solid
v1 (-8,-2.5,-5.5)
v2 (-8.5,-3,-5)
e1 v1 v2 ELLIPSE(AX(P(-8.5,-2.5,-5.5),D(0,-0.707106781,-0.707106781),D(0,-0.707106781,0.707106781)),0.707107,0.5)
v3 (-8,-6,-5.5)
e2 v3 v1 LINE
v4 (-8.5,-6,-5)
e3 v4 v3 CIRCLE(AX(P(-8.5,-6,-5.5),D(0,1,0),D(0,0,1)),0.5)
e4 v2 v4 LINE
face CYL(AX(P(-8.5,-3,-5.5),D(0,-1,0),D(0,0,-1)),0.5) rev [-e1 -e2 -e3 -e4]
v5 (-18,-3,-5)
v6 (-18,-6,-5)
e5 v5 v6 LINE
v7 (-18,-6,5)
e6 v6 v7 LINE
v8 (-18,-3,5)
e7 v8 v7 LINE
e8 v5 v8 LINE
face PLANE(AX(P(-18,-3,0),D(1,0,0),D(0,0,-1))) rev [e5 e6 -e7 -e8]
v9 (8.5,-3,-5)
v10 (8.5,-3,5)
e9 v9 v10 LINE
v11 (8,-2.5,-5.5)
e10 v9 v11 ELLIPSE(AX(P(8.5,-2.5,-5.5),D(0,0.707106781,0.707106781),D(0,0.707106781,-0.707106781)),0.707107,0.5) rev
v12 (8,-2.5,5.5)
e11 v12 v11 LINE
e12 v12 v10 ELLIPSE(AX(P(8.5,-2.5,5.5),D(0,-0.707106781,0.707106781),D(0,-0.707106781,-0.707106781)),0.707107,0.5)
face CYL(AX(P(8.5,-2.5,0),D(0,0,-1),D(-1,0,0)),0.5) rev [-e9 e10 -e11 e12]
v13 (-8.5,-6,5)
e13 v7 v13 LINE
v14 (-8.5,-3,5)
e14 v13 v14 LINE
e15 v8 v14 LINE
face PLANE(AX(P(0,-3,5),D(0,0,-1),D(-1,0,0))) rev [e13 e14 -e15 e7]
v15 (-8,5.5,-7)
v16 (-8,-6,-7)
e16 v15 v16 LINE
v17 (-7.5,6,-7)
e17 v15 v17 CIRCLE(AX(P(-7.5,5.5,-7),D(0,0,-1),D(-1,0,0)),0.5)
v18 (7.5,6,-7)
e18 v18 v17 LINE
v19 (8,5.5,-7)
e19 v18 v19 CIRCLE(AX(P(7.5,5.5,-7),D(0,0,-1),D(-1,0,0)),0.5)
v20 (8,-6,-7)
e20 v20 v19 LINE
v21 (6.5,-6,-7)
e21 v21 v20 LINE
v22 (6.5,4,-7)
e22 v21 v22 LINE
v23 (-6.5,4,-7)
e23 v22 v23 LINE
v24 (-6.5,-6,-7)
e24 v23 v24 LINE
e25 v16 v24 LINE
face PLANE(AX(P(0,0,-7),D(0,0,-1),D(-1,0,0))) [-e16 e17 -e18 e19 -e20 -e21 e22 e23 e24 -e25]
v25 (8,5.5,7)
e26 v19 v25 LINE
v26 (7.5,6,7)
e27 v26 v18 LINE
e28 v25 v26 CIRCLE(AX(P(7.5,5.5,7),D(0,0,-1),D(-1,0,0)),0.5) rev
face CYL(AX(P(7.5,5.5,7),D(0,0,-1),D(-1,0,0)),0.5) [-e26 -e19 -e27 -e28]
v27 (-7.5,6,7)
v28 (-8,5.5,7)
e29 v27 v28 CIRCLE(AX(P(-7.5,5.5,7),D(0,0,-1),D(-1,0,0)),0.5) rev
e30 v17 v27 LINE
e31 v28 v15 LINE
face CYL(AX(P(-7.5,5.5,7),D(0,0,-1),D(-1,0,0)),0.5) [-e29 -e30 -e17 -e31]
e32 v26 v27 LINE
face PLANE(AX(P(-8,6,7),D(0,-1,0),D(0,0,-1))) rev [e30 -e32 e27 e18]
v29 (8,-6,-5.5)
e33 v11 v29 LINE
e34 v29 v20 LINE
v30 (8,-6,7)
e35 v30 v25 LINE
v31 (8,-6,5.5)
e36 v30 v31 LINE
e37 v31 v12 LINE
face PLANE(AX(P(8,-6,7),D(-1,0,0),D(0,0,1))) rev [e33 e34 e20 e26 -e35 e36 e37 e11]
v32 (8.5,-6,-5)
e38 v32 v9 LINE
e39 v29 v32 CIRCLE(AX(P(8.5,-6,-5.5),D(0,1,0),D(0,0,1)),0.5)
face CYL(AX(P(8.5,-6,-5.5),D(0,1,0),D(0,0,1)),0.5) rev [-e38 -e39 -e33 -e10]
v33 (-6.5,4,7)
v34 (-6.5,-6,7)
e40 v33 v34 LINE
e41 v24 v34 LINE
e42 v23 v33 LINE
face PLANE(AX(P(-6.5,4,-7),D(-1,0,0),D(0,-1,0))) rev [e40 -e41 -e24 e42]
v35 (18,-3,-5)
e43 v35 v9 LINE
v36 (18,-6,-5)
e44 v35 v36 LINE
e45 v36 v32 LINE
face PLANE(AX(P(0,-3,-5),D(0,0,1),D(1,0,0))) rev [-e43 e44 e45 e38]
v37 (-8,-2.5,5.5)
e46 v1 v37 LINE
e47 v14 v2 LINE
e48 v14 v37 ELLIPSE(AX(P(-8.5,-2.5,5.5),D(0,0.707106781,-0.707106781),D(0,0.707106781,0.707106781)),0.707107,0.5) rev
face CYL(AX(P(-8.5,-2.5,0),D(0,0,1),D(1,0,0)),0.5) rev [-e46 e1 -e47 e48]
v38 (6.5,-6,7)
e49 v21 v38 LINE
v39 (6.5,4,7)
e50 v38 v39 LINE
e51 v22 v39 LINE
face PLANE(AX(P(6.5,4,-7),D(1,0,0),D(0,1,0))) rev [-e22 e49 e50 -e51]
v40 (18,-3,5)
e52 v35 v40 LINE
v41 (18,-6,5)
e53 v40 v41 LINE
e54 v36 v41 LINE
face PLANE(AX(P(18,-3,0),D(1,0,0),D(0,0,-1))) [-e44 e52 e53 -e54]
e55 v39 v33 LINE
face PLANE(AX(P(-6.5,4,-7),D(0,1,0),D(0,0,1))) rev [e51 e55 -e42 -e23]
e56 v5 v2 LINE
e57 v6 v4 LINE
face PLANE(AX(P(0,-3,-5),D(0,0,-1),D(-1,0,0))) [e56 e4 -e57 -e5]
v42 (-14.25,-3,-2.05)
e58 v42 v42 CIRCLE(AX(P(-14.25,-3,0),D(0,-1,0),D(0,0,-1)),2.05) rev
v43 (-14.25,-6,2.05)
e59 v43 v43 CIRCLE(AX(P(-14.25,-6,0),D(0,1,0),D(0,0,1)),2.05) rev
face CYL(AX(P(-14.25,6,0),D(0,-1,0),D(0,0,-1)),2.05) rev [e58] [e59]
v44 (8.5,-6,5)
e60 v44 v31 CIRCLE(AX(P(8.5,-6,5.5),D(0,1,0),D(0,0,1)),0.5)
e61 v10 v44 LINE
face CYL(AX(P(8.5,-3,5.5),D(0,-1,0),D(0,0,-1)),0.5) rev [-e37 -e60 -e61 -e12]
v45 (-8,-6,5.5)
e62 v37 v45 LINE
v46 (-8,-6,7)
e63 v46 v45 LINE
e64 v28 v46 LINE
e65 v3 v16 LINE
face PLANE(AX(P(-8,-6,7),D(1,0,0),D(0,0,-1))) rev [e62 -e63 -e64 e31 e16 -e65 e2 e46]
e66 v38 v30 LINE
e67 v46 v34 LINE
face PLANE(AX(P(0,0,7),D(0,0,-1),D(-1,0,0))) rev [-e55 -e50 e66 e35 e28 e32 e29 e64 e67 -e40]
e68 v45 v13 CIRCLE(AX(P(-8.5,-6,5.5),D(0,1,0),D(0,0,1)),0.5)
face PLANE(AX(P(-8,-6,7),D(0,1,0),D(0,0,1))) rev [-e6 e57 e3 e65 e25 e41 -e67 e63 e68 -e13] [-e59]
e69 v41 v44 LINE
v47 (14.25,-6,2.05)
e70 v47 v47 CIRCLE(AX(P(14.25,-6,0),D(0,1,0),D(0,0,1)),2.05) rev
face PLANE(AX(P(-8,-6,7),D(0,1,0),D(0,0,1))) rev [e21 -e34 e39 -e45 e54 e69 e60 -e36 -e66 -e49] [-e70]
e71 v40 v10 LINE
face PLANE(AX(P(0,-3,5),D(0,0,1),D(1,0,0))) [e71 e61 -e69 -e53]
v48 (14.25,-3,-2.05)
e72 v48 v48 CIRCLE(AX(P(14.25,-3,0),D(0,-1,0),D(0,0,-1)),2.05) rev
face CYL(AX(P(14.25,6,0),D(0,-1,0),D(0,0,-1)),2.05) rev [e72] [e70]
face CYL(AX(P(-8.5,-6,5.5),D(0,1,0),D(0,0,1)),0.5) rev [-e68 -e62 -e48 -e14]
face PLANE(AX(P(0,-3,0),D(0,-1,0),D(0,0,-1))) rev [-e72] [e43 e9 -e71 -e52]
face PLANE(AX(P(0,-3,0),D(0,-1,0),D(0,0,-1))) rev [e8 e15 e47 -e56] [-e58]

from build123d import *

# Parameters (mm, degrees)
SKETCH1_W               = 16
SKETCH1_H               = 12
BOSS_EXTRUDE1_DEPTH     = 7
SKETCH2_W               = 13
SKETCH2_H               = 10
CUT_EXTRUDE1_DEPTH      = 18.204650534
SKETCH6_W               = 10
SKETCH6_H               = 10
BOSS_EXTRUDE2_DEPTH     = 3
FILLET1_R               = 0.5
CUT_EXTRUDE2_DEPTH      = 22.307275753
CUT_EXTRUDE2_DEPTH_BACK = 10
SKETCH9_R               = 2.05


with BuildPart() as part:
    # Sketch1 → Boss-Extrude1 (new, symmetric)
    with BuildSketch(Plane.XY):
        Rectangle(SKETCH1_W, SKETCH1_H)
    extrude(amount=BOSS_EXTRUDE1_DEPTH, both=True)

    # Sketch2 → Cut-Extrude1 (cut, through all)
    with BuildSketch(Plane.XY.offset(7)):
        with Locations((0, -1)):
            Rectangle(SKETCH2_W, SKETCH2_H)
    extrude(amount=-CUT_EXTRUDE1_DEPTH, mode=Mode.SUBTRACT)

    # Sketch6 → Boss-Extrude2 (add)
    with BuildSketch(Plane.XZ.offset(6)):
        with Locations((-13, 0)):
            Rectangle(SKETCH6_W, SKETCH6_H)
        with Locations((13, 0)):
            Rectangle(SKETCH6_W, SKETCH6_H)
    extrude(amount=-BOSS_EXTRUDE2_DEPTH)

    # Fillet1
    fillet1_edges = [part.edges().sort_by_distance(p)[0] for p in [
        (8, 6, 0),
        (-8, 6, 0),
        (-8, -3, 0),
        (8, -3, 0),
        (8, -4.5, 5),
        (8, -4.5, -5),
        (-8, -4.5, -5),
        (-8, -4.5, 5),
    ]]
    fillet(fillet1_edges, radius=FILLET1_R)

    # Sketch9 → Cut-Extrude2 (cut, two sides: drawn at the far end of the back side and taken through both)
    with BuildSketch(Plane(origin=(0, -3, 0), x_dir=(1, 0, 0), z_dir=(0, 1, 0)).offset(-CUT_EXTRUDE2_DEPTH_BACK)):
        with Locations((-14.25, 0)):
            Circle(SKETCH9_R)
        with Locations((14.25, 0)):
            Circle(SKETCH9_R)
    extrude(amount=CUT_EXTRUDE2_DEPTH + CUT_EXTRUDE2_DEPTH_BACK, mode=Mode.SUBTRACT)


solid = part.part
